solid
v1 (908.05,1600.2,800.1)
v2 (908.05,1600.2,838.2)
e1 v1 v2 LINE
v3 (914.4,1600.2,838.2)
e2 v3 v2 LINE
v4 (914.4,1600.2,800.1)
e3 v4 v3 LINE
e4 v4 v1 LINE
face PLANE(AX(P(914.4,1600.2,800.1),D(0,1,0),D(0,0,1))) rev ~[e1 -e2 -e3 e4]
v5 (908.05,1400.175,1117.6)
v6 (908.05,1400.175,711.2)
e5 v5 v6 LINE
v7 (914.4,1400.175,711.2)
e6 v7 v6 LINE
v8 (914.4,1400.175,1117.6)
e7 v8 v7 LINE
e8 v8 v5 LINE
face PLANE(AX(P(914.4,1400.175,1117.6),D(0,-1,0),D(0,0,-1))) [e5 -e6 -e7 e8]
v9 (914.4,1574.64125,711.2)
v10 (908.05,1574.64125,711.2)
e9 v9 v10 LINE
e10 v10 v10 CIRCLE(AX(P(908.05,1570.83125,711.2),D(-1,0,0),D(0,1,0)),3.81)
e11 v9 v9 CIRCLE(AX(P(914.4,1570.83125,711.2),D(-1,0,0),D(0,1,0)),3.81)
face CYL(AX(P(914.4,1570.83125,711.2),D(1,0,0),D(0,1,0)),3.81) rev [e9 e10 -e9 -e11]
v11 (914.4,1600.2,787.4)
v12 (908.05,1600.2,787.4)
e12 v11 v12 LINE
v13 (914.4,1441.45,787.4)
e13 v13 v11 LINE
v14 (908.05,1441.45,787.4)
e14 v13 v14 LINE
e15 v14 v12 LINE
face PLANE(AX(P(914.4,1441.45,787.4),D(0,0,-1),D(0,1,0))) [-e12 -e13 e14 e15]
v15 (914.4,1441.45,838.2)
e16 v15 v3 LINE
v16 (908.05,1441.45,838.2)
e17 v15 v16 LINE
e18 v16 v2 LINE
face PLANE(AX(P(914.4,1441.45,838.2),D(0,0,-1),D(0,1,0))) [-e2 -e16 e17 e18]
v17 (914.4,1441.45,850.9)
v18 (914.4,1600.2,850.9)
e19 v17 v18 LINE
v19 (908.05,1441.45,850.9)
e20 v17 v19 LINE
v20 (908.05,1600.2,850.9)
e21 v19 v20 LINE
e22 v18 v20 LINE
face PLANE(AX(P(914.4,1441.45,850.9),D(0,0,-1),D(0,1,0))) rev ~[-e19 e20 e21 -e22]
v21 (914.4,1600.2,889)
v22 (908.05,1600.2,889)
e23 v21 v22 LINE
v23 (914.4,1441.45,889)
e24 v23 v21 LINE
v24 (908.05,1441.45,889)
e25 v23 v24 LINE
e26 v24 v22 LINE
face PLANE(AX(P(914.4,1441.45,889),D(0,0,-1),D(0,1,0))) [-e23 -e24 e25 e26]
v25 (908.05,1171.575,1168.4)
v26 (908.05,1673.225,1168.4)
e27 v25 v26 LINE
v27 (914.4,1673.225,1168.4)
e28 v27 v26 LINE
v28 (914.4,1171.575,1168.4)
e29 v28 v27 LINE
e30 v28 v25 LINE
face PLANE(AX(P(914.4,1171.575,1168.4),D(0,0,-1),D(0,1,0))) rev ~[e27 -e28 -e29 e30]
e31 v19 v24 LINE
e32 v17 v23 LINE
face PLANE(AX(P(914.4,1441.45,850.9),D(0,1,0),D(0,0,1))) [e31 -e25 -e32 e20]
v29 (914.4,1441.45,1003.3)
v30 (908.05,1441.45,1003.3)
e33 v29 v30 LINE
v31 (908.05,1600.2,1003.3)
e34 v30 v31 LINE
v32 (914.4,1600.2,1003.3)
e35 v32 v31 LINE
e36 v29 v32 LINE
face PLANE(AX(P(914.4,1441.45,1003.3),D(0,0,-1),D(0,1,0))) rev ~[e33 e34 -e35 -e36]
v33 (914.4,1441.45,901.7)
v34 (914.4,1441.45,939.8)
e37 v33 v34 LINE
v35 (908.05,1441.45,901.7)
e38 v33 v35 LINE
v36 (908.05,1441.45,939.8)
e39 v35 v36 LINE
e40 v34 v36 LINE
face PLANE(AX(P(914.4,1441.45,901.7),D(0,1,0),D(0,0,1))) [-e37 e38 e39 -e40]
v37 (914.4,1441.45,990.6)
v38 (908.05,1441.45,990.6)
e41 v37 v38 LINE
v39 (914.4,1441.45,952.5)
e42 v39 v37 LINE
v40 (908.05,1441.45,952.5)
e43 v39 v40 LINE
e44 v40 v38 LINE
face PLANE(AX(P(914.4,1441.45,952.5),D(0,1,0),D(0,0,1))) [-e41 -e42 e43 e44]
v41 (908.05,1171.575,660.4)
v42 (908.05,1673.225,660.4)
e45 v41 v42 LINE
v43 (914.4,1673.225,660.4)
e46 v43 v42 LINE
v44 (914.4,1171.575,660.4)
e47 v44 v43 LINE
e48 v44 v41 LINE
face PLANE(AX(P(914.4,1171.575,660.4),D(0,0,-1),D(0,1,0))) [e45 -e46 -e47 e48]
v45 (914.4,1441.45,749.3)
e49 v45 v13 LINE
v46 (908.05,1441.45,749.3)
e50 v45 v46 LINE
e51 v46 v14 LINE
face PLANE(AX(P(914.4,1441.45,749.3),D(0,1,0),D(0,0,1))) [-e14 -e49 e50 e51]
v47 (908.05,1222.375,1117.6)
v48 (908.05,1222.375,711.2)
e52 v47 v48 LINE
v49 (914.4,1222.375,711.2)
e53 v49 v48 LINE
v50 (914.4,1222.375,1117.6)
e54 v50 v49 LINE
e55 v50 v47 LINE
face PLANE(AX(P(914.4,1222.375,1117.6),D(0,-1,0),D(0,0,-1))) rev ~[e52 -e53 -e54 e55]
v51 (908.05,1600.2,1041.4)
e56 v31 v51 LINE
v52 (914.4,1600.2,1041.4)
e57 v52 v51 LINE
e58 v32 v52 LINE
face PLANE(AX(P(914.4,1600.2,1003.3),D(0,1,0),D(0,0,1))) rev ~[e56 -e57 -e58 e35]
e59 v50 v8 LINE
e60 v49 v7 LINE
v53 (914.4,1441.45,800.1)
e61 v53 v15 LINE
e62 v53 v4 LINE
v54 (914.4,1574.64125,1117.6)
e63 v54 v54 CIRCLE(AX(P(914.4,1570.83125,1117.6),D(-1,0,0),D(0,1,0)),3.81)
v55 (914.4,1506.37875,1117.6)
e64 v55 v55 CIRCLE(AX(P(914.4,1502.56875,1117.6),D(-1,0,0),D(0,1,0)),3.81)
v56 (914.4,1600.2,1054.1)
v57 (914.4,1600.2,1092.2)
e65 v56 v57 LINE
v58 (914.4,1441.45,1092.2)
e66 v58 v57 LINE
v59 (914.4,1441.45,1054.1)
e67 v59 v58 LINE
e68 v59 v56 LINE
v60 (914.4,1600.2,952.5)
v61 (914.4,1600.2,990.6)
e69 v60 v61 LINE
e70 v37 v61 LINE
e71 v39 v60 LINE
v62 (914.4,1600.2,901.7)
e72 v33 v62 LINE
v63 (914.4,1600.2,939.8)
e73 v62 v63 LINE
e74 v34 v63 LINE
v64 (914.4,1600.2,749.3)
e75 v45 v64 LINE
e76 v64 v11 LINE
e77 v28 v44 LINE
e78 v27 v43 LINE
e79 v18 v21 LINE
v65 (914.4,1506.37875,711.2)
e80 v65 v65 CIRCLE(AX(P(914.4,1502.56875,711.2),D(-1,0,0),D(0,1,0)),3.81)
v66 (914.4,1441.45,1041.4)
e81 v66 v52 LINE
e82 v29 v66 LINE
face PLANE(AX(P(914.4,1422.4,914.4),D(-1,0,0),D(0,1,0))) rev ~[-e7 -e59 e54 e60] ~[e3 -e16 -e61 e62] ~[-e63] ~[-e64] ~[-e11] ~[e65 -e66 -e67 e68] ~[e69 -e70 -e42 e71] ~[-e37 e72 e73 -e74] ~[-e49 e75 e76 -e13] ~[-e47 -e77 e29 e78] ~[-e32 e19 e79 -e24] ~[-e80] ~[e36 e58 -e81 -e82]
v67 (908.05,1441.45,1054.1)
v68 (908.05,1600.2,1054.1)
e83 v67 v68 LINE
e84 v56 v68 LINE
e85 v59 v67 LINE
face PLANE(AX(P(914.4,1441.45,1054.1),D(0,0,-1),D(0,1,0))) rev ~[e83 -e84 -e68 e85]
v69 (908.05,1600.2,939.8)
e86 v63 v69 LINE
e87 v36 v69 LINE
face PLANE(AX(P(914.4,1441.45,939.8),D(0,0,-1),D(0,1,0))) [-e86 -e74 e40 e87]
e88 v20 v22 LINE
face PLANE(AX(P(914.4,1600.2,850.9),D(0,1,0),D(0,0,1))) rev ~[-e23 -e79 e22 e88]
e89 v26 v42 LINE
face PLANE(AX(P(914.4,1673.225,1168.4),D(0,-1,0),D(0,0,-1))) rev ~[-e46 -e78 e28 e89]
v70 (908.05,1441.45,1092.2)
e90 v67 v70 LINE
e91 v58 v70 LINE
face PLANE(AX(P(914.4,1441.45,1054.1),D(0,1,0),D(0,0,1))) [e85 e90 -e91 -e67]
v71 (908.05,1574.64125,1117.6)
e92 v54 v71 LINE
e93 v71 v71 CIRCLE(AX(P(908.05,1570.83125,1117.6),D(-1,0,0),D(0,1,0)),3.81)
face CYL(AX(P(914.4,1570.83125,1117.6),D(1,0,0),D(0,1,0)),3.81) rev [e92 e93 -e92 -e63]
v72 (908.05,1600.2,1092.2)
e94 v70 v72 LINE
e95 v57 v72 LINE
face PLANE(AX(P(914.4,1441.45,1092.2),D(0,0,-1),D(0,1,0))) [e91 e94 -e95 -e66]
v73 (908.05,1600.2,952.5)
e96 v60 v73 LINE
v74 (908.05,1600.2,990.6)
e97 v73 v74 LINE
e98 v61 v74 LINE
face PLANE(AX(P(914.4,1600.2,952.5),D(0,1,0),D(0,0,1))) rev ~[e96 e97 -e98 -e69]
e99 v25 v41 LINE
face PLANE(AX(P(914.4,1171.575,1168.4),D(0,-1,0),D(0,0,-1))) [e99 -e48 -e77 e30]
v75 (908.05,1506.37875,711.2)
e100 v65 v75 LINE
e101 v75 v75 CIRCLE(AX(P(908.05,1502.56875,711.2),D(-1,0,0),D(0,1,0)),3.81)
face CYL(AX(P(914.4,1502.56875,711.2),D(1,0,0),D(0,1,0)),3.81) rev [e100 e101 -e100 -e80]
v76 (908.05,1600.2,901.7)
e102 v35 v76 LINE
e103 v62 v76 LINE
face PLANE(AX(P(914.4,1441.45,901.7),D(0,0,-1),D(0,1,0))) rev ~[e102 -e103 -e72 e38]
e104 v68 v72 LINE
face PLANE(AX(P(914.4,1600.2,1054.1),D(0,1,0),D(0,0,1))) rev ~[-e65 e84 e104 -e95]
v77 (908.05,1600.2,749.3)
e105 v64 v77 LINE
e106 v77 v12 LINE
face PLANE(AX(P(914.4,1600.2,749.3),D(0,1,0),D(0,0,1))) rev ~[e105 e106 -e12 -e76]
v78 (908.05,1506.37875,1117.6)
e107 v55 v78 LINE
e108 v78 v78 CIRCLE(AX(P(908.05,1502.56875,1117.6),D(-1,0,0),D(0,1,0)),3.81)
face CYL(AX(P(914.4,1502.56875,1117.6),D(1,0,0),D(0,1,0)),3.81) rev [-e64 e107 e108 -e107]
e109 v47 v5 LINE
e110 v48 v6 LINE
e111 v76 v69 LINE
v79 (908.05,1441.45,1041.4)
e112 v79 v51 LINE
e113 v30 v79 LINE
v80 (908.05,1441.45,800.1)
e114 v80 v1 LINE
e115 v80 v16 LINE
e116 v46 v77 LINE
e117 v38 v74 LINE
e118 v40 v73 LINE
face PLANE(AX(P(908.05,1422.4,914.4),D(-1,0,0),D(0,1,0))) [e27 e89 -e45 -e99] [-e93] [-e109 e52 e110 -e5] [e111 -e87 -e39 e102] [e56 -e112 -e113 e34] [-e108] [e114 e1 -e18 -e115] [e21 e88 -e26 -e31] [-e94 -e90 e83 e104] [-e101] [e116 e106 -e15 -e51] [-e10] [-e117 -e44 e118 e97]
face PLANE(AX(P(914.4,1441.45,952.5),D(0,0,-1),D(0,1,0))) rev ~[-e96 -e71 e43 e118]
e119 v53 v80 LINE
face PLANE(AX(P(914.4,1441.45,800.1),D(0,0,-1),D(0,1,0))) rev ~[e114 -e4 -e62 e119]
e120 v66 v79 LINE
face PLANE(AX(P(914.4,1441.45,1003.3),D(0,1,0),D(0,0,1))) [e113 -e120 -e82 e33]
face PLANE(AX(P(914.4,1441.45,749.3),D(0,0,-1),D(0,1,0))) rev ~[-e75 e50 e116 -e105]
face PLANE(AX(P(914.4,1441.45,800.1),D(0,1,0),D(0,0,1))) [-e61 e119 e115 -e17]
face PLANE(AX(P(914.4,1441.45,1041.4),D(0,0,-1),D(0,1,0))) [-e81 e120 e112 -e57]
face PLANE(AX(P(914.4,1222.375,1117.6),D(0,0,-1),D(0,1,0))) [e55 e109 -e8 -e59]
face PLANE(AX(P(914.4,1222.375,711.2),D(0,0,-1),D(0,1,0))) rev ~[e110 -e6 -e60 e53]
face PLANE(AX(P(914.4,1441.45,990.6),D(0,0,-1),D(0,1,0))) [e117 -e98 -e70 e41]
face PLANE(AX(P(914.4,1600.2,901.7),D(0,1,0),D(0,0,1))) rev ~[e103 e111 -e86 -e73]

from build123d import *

# Parameters (mm, degrees)
SKETCH001_W         = 501.65
SKETCH001_H         = 508
SKETCH001_R         = 3.81
SKETCH001_W_2       = 177.8
SKETCH001_H_2       = 406.4
PAD007_DEPTH        = 6.35
SKETCH005_W         = 158.75
SKETCH005_H         = 38.1
POCKET_DEPTH        = 6.35
LINEARPATTERN_COUNT = 7
LINEARPATTERN_PITCH = 50.8


with BuildPart() as part:
    # Sketch001 → Pad007 (new body)
    with BuildSketch(Plane(origin=(914.4, 1422.4, 914.4), x_dir=(0, 1, 0), z_dir=(-1, 0, 0))):
        Rectangle(SKETCH001_W, SKETCH001_H)
        with Locations((80.16875, 203.2)):
            Circle(SKETCH001_R, mode=Mode.SUBTRACT)
        with Locations((148.43125, 203.2)):
            Circle(SKETCH001_R, mode=Mode.SUBTRACT)
        with Locations((80.16875, -203.2)):
            Circle(SKETCH001_R, mode=Mode.SUBTRACT)
        with Locations((148.43125, -203.2)):
            Circle(SKETCH001_R, mode=Mode.SUBTRACT)
        with Locations((-111.125, 0)):
            Rectangle(SKETCH001_W_2, SKETCH001_H_2, mode=Mode.SUBTRACT)
    extrude(amount=PAD007_DEPTH)

    # Sketch005 → Pocket (cut)
    with BuildSketch(Plane(origin=(914.4, 1422.4, 914.4), x_dir=(0, 1, 0), z_dir=(1, 0, 0))):
        with Locations((98.425, 158.75)):
            Rectangle(SKETCH005_W, SKETCH005_H)
    pocket = extrude(amount=-POCKET_DEPTH, mode=Mode.SUBTRACT)

    # LinearPattern: Pocket ×7
    with Locations(*[(0, 0, -i * LINEARPATTERN_PITCH) for i in range(1, LINEARPATTERN_COUNT)]):
        add(pocket, mode=Mode.SUBTRACT)


solid = part.part
